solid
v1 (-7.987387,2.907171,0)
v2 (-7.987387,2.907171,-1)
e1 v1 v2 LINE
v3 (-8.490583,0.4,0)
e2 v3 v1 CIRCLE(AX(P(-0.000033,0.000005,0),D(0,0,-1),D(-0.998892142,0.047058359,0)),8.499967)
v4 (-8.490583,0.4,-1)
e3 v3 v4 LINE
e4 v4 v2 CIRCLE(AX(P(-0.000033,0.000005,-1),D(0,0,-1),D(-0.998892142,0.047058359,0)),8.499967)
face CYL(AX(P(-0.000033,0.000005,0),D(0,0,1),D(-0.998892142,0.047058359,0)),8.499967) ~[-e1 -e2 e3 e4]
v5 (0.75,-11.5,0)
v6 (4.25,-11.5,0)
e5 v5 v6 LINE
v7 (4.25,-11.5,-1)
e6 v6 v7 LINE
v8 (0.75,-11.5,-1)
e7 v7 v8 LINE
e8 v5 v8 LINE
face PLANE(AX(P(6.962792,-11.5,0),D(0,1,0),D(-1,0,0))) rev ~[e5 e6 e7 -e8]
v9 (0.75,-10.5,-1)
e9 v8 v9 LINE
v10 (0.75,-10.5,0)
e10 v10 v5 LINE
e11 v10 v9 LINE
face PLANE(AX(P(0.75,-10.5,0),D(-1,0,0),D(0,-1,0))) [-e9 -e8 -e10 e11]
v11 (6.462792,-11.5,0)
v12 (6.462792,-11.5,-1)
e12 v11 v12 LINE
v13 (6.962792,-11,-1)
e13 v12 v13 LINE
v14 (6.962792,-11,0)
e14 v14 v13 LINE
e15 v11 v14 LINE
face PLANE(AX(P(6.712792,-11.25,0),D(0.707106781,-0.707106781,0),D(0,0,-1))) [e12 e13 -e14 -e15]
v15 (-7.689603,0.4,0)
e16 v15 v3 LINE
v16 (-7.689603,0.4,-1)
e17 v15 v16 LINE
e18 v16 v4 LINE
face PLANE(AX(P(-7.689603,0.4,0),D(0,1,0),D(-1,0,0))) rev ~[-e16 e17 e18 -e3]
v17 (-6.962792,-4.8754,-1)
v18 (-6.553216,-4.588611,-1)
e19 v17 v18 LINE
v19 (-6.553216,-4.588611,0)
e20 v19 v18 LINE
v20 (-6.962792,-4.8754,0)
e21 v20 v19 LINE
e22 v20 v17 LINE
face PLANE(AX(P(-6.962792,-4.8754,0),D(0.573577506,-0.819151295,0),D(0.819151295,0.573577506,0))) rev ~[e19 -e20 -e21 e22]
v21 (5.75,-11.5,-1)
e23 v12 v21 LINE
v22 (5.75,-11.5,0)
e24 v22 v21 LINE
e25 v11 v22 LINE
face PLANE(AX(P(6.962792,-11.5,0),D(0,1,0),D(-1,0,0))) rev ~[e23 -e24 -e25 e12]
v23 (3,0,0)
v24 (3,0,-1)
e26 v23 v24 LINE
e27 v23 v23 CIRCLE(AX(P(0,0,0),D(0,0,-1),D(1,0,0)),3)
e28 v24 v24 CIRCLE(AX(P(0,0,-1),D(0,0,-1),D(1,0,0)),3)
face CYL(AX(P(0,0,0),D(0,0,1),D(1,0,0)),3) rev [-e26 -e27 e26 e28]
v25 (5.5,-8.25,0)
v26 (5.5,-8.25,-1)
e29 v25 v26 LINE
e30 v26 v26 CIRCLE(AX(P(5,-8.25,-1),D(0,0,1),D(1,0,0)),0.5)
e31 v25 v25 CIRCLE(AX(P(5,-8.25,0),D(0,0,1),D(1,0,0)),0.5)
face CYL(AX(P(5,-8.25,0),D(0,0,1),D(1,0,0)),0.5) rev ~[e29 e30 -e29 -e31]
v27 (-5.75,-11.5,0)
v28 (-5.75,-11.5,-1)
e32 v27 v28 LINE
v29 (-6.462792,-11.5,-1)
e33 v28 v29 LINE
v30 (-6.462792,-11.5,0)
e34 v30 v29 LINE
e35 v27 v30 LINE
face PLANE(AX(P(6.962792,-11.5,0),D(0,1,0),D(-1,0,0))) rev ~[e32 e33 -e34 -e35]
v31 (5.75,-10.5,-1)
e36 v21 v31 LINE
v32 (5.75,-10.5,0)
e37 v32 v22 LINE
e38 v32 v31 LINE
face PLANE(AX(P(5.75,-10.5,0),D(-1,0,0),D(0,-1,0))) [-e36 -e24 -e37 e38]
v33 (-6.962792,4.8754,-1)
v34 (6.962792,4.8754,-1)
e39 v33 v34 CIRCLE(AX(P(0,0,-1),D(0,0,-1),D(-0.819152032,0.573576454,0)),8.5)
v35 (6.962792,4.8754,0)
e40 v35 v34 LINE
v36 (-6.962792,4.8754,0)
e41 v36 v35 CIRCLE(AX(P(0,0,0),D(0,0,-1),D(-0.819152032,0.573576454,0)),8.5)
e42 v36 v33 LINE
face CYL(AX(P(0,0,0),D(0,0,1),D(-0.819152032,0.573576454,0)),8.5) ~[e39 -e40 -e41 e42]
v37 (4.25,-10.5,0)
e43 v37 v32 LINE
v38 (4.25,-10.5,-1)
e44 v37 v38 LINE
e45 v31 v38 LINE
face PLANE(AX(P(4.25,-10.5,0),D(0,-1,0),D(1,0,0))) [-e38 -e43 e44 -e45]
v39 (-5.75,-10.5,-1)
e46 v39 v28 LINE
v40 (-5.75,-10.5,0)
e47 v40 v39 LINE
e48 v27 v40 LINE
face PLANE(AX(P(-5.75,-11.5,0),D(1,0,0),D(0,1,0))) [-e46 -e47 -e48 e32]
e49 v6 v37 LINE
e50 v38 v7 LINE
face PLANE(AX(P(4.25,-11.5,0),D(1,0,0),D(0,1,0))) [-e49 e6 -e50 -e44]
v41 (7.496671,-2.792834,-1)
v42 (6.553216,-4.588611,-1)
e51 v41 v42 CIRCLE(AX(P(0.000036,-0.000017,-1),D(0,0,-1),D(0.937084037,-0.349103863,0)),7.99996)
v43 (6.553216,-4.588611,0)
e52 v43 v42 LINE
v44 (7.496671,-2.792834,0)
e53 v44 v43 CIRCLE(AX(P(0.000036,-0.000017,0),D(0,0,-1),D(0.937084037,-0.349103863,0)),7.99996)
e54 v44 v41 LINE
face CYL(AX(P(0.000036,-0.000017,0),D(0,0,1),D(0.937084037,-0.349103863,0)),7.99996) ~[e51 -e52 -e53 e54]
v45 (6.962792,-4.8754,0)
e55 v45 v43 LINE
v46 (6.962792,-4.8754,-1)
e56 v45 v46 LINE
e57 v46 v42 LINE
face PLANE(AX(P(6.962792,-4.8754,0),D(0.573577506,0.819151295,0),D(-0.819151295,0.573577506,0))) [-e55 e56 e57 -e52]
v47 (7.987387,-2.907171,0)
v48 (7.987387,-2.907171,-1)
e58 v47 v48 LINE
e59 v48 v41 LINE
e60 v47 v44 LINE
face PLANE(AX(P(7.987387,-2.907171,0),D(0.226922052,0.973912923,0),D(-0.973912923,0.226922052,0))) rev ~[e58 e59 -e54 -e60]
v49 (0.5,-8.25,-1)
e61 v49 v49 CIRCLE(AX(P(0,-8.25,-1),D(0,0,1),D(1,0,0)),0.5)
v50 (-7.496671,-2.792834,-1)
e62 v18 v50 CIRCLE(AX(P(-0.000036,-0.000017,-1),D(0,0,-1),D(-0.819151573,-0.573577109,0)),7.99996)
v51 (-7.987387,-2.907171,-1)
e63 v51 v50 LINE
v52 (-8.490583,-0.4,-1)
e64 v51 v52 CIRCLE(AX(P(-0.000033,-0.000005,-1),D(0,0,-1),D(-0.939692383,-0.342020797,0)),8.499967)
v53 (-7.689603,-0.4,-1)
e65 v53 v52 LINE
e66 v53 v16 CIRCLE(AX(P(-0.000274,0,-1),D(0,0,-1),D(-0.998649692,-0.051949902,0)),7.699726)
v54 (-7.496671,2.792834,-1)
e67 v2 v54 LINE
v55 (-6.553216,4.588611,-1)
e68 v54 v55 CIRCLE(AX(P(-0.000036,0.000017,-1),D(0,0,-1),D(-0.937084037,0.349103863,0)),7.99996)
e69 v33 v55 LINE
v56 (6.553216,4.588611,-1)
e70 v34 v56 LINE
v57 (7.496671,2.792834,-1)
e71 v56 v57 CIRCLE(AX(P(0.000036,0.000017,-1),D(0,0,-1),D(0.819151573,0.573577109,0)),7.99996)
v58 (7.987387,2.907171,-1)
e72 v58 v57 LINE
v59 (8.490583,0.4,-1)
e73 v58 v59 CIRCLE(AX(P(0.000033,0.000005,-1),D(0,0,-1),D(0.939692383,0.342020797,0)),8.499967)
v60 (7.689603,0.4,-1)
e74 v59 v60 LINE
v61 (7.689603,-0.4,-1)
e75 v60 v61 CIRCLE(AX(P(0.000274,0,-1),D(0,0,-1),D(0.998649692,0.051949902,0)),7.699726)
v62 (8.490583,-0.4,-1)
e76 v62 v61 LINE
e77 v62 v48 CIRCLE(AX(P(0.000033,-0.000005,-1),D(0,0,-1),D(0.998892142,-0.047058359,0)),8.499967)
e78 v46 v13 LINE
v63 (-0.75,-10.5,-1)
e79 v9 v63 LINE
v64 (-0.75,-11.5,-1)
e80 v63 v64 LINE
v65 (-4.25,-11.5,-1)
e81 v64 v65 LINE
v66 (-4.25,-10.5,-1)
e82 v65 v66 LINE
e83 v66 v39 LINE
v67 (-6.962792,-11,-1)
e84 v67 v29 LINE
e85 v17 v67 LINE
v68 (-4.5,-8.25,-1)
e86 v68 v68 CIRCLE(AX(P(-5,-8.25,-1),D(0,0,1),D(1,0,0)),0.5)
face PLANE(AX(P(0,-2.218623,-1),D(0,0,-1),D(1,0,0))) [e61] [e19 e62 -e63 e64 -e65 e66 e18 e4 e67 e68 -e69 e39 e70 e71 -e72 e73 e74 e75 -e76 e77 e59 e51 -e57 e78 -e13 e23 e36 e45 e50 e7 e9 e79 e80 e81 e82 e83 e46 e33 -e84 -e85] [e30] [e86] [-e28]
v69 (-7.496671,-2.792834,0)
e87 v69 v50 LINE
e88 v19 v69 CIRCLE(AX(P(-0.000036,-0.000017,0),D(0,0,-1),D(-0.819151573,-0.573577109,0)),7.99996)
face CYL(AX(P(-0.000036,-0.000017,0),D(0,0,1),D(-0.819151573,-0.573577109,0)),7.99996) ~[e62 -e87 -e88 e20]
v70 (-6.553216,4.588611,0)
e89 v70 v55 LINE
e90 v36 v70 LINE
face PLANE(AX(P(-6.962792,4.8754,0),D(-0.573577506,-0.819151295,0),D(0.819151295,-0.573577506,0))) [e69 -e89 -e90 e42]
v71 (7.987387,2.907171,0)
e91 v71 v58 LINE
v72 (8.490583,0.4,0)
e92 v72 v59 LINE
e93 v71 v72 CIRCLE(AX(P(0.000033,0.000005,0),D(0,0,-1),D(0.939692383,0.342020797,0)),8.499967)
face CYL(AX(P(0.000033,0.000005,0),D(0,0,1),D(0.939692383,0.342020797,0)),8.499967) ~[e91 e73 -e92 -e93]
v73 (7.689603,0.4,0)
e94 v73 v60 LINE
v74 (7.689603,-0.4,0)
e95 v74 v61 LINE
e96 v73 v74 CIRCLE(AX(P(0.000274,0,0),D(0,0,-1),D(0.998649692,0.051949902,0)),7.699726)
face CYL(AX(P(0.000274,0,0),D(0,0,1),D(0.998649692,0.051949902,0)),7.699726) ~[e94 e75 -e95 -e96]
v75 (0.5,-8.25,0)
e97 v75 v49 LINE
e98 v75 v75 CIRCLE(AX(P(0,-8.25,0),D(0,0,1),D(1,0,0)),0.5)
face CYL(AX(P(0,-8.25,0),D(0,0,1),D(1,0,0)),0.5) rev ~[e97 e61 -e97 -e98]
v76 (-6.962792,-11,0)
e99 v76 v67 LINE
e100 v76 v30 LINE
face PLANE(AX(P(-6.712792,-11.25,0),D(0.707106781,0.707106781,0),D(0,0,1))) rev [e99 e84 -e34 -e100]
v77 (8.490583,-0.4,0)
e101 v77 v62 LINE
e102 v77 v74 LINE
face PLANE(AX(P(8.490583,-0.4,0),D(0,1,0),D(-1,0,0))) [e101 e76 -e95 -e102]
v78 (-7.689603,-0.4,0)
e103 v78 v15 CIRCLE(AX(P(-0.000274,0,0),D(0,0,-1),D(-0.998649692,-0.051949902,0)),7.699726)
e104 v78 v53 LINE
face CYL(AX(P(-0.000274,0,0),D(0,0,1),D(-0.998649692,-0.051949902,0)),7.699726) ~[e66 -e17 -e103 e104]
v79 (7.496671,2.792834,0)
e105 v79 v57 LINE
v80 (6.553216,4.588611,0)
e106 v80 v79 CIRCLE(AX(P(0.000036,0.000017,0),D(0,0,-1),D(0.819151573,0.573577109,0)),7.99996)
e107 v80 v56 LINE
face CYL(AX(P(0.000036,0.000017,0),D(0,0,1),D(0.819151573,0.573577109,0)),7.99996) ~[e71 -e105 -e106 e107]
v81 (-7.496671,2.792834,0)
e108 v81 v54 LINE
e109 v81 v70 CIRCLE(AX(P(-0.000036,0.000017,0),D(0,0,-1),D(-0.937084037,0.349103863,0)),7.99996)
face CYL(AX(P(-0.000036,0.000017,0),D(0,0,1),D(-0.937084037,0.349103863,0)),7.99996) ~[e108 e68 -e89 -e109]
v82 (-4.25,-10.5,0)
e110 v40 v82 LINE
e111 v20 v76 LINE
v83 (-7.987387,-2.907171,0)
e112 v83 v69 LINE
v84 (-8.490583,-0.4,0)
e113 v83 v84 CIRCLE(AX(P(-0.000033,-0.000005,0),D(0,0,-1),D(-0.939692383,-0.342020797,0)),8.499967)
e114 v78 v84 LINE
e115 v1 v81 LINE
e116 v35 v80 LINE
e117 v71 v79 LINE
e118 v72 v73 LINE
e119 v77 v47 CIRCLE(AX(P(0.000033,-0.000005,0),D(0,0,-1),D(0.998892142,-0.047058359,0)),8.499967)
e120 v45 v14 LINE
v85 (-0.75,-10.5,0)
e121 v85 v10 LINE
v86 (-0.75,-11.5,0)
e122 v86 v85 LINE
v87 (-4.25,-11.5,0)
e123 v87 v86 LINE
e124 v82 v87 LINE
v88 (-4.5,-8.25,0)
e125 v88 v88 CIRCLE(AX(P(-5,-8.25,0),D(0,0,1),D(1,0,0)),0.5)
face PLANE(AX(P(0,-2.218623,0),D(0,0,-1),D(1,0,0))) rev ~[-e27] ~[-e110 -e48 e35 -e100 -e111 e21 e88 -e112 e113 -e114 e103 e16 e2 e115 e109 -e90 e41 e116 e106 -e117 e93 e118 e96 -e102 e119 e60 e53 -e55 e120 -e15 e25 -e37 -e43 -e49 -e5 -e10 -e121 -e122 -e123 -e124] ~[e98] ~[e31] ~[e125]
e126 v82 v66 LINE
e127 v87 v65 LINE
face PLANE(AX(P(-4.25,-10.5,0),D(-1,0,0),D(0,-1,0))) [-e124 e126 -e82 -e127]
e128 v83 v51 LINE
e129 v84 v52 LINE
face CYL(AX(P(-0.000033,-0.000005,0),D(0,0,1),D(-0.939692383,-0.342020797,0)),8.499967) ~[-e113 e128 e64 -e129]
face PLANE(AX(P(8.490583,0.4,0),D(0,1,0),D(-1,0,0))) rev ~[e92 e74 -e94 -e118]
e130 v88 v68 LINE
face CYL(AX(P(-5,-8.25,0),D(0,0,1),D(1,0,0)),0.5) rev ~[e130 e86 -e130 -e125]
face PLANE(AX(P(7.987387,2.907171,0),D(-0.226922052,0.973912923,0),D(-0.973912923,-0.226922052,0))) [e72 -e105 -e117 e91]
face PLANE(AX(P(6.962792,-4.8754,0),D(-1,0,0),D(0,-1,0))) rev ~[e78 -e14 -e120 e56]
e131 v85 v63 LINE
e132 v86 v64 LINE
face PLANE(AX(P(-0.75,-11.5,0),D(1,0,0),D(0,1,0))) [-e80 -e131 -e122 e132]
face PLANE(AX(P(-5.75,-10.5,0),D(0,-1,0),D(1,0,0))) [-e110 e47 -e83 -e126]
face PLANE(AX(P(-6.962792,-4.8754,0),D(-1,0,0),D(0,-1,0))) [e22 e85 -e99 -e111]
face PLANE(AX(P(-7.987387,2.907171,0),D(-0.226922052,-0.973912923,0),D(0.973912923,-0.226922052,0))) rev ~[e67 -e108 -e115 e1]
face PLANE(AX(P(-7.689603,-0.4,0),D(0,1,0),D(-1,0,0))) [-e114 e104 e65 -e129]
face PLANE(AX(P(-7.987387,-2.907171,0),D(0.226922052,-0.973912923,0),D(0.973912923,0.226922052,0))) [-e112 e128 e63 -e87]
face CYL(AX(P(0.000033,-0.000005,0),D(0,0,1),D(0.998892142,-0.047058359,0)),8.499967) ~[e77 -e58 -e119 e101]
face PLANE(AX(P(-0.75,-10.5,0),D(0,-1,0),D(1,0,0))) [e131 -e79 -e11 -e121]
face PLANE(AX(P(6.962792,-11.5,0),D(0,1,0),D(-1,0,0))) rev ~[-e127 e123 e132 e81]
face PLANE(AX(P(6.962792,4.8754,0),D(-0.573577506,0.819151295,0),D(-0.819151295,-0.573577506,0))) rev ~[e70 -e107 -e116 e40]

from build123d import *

# Parameters (mm, degrees)
SKETCH006_R     = 3
PAD005_DEPTH    = 1
SKETCH012_R     = 0.5
POCKET002_DEPTH = 2
POCKET003_DEPTH = 5
CHAMFER_SIZE    = 0.5


with BuildPart() as part:
    # Sketch006 (on ShapeBinder) → Pad005 (new body)
    with BuildSketch(Plane(origin=(0, 0, 0), x_dir=(1, 0, 0), z_dir=(0, 0, -1))):
        with BuildLine():
            ThreePointArc((-7.987387, 2.907171), (-8.333808, 1.672617), (-8.490583, 0.4))
            Line((-7.689603, 0.4), (-8.490583, 0.4))
            ThreePointArc((-7.689603, 0.4), (-7.7, 0), (-7.689603, -0.4))
            Line((-7.689603, -0.4), (-8.490583, -0.4))
            ThreePointArc((-8.490583, -0.4), (-8.333808, -1.672617), (-7.987387, -2.907171))
            Line((-7.987387, -2.907171), (-7.496671, -2.792834))
            ThreePointArc((-7.496671, -2.792834), (-7.082093, -3.720747), (-6.553216, -4.588611))
            Line((-6.962792, -4.8754), (-6.553216, -4.588611))
            ThreePointArc((-6.962792, -4.8754), (0, -8.5), (6.962792, -4.8754))
            Line((6.962792, -4.8754), (6.553216, -4.588611))
            ThreePointArc((6.553216, -4.588611), (7.082093, -3.720747), (7.496671, -2.792834))
            Line((7.987387, -2.907171), (7.496671, -2.792834))
            ThreePointArc((7.987387, -2.907171), (8.333808, -1.672617), (8.490583, -0.4))
            Line((8.490583, -0.4), (7.689603, -0.4))
            ThreePointArc((7.689603, -0.4), (7.7, 0), (7.689603, 0.4))
            Line((8.490583, 0.4), (7.689603, 0.4))
            ThreePointArc((8.490583, 0.4), (8.333808, 1.672617), (7.987387, 2.907171))
            Line((7.987387, 2.907171), (7.496671, 2.792834))
            ThreePointArc((7.496671, 2.792834), (7.082093, 3.720747), (6.553216, 4.588611))
            Line((6.962792, 4.8754), (6.553216, 4.588611))
            Line((6.962792, 4.8754), (6.962792, 11.5))
            Line((6.962792, 11.5), (-6.962792, 11.5))
            Line((-6.962792, 4.8754), (-6.962792, 11.5))
            Line((-6.962792, 4.8754), (-6.553216, 4.588611))
            ThreePointArc((-6.553216, 4.588611), (-7.082093, 3.720747), (-7.496671, 2.792834))
            Line((-7.987387, 2.907171), (-7.496671, 2.792834))
        make_face()
        Circle(SKETCH006_R, mode=Mode.SUBTRACT)
    extrude(amount=PAD005_DEPTH)

    # Sketch012 (on Face28 of Pad005) → Pocket002 (cut)
    with BuildSketch(Plane.XY):
        with Locations((0, -8.25)):
            Circle(SKETCH012_R)
        with Locations((-5, -8.25)):
            Circle(SKETCH012_R)
        with Locations((5, -8.25)):
            Circle(SKETCH012_R)
    extrude(amount=-POCKET002_DEPTH, mode=Mode.SUBTRACT)

    # Sketch013 (on Face4 of Pocket002) → Pocket003 (cut)
    with BuildSketch(Plane.XY):
        Polygon((-6.962792, -11.5), (-5.75, -11.5), (-5.75, -10.5), (-4.25, -10.5), (-4.25, -11.5), (-0.75, -11.5), (-0.75, -10.5), (0.75, -10.5), (0.75, -11.5), (4.25, -11.5), (4.25, -10.5), (5.75, -10.5), (5.75, -11.5), (6.962792, -11.5), (6.962792, -12.871278), (-6.962792, -12.871278), align=None)
    extrude(amount=-POCKET003_DEPTH, mode=Mode.SUBTRACT)

    # Chamfer
    chamfer_edges = [part.edges().sort_by_distance(p)[0] for p in [
        (-6.962792, -11.5, -0.5),
        (6.962792, -11.5, -0.5),
    ]]
    chamfer(chamfer_edges, length=CHAMFER_SIZE)


solid = part.part
